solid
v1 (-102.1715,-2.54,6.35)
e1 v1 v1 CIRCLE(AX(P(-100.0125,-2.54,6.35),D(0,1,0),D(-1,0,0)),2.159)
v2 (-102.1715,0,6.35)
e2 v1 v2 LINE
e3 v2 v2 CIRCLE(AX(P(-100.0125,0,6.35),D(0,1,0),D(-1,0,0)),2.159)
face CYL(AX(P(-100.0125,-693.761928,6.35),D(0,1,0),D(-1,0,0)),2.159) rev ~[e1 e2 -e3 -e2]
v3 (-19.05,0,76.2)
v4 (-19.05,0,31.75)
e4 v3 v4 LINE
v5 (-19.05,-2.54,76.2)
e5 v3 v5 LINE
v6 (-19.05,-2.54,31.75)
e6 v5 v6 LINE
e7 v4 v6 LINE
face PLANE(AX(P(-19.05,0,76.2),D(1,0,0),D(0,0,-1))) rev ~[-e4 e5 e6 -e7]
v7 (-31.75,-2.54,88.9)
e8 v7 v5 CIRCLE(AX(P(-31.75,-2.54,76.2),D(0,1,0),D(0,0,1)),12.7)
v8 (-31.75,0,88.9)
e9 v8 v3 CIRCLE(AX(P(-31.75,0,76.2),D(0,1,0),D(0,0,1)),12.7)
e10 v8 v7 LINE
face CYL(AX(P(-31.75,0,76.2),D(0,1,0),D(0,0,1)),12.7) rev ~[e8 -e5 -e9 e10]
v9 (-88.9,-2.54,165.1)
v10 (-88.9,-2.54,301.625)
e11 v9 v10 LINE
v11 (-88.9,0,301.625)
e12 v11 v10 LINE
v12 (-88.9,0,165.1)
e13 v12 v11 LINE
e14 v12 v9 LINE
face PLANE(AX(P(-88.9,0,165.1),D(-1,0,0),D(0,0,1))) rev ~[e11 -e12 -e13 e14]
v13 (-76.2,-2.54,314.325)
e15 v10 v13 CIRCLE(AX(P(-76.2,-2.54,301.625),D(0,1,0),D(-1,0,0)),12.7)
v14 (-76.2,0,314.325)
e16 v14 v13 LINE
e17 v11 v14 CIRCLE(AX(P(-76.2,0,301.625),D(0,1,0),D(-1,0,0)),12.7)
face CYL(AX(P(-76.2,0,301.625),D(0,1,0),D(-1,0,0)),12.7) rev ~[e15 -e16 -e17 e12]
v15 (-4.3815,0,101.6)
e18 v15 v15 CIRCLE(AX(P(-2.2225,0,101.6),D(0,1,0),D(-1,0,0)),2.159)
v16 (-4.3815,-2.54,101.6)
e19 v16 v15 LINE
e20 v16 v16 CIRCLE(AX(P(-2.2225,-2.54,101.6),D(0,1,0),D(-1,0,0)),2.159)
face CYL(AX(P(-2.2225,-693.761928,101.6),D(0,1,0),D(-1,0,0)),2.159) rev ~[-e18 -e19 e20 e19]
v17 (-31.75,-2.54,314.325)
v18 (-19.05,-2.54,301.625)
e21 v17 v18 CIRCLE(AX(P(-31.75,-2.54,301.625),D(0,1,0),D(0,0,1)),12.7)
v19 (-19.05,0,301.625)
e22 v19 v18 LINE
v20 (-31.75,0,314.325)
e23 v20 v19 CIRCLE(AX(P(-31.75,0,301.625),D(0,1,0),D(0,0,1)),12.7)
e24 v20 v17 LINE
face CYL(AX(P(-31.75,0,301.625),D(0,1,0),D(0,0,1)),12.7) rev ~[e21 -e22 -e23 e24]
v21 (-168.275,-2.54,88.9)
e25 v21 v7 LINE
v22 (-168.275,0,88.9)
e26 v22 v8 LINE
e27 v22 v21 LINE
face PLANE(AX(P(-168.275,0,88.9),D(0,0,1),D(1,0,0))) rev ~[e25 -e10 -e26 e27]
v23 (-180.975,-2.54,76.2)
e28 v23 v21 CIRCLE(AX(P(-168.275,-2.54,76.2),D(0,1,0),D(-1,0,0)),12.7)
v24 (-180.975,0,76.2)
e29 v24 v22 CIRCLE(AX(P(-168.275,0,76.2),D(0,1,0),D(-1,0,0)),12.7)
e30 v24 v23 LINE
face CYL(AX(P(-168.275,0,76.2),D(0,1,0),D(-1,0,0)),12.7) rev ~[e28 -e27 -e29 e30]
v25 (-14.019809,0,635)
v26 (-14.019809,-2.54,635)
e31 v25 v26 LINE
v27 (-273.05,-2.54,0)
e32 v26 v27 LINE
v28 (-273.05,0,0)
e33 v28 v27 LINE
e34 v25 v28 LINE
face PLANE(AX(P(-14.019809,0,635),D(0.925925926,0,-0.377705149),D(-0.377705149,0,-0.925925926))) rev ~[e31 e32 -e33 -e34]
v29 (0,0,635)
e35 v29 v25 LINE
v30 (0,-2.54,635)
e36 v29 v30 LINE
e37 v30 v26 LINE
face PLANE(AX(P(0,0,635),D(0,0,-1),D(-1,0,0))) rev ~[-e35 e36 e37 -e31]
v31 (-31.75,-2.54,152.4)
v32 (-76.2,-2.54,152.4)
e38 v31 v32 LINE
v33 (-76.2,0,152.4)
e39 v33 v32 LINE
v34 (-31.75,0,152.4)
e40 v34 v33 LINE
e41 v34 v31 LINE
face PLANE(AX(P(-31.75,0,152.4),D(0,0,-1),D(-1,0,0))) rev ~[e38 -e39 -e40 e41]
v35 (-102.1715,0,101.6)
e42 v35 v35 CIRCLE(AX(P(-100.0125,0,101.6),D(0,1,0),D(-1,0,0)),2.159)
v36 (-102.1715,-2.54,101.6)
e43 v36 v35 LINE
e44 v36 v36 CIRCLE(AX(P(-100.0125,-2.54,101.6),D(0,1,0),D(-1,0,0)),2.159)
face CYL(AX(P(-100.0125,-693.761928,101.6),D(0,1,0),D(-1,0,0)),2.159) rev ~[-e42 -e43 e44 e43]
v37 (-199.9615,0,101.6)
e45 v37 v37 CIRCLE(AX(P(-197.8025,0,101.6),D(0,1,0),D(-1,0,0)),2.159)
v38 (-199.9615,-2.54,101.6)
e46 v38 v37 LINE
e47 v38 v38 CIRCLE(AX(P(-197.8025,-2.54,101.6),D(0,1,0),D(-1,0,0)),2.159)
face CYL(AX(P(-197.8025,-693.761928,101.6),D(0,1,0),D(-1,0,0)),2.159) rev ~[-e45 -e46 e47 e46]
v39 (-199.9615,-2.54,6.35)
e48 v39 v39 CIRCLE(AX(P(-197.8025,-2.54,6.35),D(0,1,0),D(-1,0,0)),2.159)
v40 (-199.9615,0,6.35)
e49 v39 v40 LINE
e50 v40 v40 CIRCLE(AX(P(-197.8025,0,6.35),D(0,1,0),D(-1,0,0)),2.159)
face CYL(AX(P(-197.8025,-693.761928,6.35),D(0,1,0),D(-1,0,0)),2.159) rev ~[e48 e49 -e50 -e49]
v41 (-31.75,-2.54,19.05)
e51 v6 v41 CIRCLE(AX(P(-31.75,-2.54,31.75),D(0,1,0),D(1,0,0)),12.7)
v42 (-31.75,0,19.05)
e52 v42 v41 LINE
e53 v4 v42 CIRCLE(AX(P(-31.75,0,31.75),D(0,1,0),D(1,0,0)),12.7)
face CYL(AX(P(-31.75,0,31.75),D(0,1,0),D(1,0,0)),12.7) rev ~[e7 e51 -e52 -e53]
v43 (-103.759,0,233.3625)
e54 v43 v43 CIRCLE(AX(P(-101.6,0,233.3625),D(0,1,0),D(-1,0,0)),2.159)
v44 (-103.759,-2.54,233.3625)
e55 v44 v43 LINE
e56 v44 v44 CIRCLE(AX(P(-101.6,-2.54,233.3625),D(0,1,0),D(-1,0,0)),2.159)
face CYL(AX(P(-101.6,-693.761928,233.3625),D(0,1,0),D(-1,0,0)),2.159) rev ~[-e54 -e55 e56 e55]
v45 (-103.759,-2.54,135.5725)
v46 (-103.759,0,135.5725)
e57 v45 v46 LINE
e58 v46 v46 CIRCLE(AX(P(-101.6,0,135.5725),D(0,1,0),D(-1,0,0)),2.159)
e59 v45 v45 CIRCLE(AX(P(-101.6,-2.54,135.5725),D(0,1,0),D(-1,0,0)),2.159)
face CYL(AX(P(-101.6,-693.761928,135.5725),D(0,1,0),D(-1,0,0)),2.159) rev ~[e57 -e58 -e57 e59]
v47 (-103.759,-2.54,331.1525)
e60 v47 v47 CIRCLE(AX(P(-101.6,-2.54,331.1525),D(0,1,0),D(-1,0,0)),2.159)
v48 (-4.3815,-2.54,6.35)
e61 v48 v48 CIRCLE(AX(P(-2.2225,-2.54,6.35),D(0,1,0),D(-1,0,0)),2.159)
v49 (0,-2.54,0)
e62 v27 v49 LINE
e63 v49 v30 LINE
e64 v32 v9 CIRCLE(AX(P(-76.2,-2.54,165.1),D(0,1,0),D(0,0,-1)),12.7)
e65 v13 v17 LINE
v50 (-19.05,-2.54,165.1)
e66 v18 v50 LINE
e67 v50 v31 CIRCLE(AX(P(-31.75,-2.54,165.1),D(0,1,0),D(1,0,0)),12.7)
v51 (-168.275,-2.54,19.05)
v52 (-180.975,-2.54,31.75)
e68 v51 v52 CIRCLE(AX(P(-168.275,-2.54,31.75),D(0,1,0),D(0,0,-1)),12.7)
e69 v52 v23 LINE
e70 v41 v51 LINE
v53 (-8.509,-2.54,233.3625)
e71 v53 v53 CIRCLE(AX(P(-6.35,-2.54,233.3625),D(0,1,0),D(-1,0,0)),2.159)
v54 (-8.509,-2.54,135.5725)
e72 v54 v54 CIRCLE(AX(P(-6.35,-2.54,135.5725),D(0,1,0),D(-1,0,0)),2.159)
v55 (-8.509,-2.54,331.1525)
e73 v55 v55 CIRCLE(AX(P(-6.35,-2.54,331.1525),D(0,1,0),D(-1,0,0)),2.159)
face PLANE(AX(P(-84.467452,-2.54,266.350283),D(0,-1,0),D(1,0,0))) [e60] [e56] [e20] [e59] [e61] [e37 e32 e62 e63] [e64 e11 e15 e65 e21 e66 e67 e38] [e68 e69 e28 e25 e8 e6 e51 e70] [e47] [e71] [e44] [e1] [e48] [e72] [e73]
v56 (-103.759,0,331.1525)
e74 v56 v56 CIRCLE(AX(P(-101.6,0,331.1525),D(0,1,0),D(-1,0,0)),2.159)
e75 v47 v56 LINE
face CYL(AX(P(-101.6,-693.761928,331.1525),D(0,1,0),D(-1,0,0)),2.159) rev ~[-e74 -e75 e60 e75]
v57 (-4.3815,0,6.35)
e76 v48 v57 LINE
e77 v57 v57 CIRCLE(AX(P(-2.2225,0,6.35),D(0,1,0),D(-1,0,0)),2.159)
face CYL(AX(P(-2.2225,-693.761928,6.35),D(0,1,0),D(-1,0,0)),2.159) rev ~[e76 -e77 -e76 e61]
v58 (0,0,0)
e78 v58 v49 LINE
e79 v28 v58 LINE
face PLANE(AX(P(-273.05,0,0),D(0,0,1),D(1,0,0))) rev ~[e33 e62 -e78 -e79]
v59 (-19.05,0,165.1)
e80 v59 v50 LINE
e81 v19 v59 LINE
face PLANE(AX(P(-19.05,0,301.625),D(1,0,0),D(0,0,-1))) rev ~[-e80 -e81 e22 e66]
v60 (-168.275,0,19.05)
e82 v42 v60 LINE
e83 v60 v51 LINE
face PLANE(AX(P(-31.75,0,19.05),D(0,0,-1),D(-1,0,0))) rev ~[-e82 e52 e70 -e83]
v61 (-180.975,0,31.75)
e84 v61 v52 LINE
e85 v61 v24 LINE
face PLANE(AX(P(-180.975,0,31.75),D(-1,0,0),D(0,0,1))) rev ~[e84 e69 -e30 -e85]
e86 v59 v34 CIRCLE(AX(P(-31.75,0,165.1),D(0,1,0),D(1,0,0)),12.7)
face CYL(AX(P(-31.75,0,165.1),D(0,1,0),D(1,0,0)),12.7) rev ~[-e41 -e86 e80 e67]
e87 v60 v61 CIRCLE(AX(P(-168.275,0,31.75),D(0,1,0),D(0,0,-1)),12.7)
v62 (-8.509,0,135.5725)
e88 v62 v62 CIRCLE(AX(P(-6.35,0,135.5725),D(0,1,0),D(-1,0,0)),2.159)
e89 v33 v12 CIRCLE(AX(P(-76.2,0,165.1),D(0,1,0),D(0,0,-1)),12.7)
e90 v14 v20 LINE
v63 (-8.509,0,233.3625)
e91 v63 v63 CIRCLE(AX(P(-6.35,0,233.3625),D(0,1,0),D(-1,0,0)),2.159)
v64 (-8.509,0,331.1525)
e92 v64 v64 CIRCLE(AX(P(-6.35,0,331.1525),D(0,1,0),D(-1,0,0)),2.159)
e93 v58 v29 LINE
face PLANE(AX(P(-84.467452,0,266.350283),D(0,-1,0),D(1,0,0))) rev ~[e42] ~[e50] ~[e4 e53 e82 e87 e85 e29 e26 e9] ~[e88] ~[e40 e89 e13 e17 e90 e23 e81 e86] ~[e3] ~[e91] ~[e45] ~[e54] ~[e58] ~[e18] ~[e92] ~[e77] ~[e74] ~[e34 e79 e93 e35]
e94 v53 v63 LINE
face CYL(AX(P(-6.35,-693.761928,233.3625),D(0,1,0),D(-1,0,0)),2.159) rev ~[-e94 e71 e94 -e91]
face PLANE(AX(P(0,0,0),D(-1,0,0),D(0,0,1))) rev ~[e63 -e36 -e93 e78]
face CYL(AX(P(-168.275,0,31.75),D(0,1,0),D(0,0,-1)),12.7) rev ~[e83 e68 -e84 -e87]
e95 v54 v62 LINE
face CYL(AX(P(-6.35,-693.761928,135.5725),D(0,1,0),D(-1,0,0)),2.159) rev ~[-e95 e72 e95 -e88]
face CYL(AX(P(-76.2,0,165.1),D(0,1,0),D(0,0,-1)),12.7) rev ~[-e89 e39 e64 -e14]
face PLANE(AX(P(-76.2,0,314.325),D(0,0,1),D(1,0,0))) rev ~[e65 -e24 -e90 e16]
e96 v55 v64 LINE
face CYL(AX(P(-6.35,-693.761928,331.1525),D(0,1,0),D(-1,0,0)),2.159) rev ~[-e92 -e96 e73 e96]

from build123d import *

# Parameters (mm, degrees)
F1_DEPTH = 2.54
F3_D     = 4.318


with BuildPart() as f1:
    # F0 (on Front) → F1 (new body)
    with BuildSketch(Plane.XZ):
        Polygon((-273.05, 0), (0, 0), (0, 635), (-14.0198087095, 635), align=None)
        with BuildLine():
            ThreePointArc((-168.275, 19.05), (-177.2552561211, 22.7697438789), (-180.975, 31.75))
            Line((-180.975, 31.75), (-180.975, 76.2))
            ThreePointArc((-180.975, 76.2), (-177.2552561211, 85.1802561211), (-168.275, 88.9))
            Line((-168.275, 88.9), (-31.75, 88.9))
            ThreePointArc((-31.75, 88.9), (-22.7697438789, 85.1802561211), (-19.05, 76.2))
            Line((-19.05, 76.2), (-19.05, 31.75))
            ThreePointArc((-19.05, 31.75), (-22.7697438789, 22.7697438789), (-31.75, 19.05))
            Line((-31.75, 19.05), (-168.275, 19.05))
        make_face(mode=Mode.SUBTRACT)
        with BuildLine():
            ThreePointArc((-76.2, 152.4), (-85.1802561211, 156.1197438789), (-88.9, 165.1))
            Line((-88.9, 165.1), (-88.9, 301.625))
            ThreePointArc((-88.9, 301.625), (-85.1802561211, 310.6052561211), (-76.2, 314.325))
            Line((-76.2, 314.325), (-31.75, 314.325))
            ThreePointArc((-31.75, 314.325), (-22.7697438789, 310.6052561211), (-19.05, 301.625))
            Line((-19.05, 301.625), (-19.05, 165.1))
            ThreePointArc((-19.05, 165.1), (-22.7697438789, 156.1197438789), (-31.75, 152.4))
            Line((-31.75, 152.4), (-76.2, 152.4))
        make_face(mode=Mode.SUBTRACT)
    extrude(amount=F1_DEPTH)

    # F3 (through all)
    with Locations(Plane.XZ.offset(2.54)):
        with Locations((-101.6, 331.1525), (-6.35, 331.1525), (-6.35, 233.3625), (-101.6, 233.3625), (-101.6, 135.5725), (-6.35, 135.5725), (-197.8025, 101.6), (-197.8025, 6.35), (-100.0125, 6.35), (-100.0125, 101.6), (-2.2225, 101.6), (-2.2225, 6.35)):
            Hole(F3_D / 2)


solid = f1.part
